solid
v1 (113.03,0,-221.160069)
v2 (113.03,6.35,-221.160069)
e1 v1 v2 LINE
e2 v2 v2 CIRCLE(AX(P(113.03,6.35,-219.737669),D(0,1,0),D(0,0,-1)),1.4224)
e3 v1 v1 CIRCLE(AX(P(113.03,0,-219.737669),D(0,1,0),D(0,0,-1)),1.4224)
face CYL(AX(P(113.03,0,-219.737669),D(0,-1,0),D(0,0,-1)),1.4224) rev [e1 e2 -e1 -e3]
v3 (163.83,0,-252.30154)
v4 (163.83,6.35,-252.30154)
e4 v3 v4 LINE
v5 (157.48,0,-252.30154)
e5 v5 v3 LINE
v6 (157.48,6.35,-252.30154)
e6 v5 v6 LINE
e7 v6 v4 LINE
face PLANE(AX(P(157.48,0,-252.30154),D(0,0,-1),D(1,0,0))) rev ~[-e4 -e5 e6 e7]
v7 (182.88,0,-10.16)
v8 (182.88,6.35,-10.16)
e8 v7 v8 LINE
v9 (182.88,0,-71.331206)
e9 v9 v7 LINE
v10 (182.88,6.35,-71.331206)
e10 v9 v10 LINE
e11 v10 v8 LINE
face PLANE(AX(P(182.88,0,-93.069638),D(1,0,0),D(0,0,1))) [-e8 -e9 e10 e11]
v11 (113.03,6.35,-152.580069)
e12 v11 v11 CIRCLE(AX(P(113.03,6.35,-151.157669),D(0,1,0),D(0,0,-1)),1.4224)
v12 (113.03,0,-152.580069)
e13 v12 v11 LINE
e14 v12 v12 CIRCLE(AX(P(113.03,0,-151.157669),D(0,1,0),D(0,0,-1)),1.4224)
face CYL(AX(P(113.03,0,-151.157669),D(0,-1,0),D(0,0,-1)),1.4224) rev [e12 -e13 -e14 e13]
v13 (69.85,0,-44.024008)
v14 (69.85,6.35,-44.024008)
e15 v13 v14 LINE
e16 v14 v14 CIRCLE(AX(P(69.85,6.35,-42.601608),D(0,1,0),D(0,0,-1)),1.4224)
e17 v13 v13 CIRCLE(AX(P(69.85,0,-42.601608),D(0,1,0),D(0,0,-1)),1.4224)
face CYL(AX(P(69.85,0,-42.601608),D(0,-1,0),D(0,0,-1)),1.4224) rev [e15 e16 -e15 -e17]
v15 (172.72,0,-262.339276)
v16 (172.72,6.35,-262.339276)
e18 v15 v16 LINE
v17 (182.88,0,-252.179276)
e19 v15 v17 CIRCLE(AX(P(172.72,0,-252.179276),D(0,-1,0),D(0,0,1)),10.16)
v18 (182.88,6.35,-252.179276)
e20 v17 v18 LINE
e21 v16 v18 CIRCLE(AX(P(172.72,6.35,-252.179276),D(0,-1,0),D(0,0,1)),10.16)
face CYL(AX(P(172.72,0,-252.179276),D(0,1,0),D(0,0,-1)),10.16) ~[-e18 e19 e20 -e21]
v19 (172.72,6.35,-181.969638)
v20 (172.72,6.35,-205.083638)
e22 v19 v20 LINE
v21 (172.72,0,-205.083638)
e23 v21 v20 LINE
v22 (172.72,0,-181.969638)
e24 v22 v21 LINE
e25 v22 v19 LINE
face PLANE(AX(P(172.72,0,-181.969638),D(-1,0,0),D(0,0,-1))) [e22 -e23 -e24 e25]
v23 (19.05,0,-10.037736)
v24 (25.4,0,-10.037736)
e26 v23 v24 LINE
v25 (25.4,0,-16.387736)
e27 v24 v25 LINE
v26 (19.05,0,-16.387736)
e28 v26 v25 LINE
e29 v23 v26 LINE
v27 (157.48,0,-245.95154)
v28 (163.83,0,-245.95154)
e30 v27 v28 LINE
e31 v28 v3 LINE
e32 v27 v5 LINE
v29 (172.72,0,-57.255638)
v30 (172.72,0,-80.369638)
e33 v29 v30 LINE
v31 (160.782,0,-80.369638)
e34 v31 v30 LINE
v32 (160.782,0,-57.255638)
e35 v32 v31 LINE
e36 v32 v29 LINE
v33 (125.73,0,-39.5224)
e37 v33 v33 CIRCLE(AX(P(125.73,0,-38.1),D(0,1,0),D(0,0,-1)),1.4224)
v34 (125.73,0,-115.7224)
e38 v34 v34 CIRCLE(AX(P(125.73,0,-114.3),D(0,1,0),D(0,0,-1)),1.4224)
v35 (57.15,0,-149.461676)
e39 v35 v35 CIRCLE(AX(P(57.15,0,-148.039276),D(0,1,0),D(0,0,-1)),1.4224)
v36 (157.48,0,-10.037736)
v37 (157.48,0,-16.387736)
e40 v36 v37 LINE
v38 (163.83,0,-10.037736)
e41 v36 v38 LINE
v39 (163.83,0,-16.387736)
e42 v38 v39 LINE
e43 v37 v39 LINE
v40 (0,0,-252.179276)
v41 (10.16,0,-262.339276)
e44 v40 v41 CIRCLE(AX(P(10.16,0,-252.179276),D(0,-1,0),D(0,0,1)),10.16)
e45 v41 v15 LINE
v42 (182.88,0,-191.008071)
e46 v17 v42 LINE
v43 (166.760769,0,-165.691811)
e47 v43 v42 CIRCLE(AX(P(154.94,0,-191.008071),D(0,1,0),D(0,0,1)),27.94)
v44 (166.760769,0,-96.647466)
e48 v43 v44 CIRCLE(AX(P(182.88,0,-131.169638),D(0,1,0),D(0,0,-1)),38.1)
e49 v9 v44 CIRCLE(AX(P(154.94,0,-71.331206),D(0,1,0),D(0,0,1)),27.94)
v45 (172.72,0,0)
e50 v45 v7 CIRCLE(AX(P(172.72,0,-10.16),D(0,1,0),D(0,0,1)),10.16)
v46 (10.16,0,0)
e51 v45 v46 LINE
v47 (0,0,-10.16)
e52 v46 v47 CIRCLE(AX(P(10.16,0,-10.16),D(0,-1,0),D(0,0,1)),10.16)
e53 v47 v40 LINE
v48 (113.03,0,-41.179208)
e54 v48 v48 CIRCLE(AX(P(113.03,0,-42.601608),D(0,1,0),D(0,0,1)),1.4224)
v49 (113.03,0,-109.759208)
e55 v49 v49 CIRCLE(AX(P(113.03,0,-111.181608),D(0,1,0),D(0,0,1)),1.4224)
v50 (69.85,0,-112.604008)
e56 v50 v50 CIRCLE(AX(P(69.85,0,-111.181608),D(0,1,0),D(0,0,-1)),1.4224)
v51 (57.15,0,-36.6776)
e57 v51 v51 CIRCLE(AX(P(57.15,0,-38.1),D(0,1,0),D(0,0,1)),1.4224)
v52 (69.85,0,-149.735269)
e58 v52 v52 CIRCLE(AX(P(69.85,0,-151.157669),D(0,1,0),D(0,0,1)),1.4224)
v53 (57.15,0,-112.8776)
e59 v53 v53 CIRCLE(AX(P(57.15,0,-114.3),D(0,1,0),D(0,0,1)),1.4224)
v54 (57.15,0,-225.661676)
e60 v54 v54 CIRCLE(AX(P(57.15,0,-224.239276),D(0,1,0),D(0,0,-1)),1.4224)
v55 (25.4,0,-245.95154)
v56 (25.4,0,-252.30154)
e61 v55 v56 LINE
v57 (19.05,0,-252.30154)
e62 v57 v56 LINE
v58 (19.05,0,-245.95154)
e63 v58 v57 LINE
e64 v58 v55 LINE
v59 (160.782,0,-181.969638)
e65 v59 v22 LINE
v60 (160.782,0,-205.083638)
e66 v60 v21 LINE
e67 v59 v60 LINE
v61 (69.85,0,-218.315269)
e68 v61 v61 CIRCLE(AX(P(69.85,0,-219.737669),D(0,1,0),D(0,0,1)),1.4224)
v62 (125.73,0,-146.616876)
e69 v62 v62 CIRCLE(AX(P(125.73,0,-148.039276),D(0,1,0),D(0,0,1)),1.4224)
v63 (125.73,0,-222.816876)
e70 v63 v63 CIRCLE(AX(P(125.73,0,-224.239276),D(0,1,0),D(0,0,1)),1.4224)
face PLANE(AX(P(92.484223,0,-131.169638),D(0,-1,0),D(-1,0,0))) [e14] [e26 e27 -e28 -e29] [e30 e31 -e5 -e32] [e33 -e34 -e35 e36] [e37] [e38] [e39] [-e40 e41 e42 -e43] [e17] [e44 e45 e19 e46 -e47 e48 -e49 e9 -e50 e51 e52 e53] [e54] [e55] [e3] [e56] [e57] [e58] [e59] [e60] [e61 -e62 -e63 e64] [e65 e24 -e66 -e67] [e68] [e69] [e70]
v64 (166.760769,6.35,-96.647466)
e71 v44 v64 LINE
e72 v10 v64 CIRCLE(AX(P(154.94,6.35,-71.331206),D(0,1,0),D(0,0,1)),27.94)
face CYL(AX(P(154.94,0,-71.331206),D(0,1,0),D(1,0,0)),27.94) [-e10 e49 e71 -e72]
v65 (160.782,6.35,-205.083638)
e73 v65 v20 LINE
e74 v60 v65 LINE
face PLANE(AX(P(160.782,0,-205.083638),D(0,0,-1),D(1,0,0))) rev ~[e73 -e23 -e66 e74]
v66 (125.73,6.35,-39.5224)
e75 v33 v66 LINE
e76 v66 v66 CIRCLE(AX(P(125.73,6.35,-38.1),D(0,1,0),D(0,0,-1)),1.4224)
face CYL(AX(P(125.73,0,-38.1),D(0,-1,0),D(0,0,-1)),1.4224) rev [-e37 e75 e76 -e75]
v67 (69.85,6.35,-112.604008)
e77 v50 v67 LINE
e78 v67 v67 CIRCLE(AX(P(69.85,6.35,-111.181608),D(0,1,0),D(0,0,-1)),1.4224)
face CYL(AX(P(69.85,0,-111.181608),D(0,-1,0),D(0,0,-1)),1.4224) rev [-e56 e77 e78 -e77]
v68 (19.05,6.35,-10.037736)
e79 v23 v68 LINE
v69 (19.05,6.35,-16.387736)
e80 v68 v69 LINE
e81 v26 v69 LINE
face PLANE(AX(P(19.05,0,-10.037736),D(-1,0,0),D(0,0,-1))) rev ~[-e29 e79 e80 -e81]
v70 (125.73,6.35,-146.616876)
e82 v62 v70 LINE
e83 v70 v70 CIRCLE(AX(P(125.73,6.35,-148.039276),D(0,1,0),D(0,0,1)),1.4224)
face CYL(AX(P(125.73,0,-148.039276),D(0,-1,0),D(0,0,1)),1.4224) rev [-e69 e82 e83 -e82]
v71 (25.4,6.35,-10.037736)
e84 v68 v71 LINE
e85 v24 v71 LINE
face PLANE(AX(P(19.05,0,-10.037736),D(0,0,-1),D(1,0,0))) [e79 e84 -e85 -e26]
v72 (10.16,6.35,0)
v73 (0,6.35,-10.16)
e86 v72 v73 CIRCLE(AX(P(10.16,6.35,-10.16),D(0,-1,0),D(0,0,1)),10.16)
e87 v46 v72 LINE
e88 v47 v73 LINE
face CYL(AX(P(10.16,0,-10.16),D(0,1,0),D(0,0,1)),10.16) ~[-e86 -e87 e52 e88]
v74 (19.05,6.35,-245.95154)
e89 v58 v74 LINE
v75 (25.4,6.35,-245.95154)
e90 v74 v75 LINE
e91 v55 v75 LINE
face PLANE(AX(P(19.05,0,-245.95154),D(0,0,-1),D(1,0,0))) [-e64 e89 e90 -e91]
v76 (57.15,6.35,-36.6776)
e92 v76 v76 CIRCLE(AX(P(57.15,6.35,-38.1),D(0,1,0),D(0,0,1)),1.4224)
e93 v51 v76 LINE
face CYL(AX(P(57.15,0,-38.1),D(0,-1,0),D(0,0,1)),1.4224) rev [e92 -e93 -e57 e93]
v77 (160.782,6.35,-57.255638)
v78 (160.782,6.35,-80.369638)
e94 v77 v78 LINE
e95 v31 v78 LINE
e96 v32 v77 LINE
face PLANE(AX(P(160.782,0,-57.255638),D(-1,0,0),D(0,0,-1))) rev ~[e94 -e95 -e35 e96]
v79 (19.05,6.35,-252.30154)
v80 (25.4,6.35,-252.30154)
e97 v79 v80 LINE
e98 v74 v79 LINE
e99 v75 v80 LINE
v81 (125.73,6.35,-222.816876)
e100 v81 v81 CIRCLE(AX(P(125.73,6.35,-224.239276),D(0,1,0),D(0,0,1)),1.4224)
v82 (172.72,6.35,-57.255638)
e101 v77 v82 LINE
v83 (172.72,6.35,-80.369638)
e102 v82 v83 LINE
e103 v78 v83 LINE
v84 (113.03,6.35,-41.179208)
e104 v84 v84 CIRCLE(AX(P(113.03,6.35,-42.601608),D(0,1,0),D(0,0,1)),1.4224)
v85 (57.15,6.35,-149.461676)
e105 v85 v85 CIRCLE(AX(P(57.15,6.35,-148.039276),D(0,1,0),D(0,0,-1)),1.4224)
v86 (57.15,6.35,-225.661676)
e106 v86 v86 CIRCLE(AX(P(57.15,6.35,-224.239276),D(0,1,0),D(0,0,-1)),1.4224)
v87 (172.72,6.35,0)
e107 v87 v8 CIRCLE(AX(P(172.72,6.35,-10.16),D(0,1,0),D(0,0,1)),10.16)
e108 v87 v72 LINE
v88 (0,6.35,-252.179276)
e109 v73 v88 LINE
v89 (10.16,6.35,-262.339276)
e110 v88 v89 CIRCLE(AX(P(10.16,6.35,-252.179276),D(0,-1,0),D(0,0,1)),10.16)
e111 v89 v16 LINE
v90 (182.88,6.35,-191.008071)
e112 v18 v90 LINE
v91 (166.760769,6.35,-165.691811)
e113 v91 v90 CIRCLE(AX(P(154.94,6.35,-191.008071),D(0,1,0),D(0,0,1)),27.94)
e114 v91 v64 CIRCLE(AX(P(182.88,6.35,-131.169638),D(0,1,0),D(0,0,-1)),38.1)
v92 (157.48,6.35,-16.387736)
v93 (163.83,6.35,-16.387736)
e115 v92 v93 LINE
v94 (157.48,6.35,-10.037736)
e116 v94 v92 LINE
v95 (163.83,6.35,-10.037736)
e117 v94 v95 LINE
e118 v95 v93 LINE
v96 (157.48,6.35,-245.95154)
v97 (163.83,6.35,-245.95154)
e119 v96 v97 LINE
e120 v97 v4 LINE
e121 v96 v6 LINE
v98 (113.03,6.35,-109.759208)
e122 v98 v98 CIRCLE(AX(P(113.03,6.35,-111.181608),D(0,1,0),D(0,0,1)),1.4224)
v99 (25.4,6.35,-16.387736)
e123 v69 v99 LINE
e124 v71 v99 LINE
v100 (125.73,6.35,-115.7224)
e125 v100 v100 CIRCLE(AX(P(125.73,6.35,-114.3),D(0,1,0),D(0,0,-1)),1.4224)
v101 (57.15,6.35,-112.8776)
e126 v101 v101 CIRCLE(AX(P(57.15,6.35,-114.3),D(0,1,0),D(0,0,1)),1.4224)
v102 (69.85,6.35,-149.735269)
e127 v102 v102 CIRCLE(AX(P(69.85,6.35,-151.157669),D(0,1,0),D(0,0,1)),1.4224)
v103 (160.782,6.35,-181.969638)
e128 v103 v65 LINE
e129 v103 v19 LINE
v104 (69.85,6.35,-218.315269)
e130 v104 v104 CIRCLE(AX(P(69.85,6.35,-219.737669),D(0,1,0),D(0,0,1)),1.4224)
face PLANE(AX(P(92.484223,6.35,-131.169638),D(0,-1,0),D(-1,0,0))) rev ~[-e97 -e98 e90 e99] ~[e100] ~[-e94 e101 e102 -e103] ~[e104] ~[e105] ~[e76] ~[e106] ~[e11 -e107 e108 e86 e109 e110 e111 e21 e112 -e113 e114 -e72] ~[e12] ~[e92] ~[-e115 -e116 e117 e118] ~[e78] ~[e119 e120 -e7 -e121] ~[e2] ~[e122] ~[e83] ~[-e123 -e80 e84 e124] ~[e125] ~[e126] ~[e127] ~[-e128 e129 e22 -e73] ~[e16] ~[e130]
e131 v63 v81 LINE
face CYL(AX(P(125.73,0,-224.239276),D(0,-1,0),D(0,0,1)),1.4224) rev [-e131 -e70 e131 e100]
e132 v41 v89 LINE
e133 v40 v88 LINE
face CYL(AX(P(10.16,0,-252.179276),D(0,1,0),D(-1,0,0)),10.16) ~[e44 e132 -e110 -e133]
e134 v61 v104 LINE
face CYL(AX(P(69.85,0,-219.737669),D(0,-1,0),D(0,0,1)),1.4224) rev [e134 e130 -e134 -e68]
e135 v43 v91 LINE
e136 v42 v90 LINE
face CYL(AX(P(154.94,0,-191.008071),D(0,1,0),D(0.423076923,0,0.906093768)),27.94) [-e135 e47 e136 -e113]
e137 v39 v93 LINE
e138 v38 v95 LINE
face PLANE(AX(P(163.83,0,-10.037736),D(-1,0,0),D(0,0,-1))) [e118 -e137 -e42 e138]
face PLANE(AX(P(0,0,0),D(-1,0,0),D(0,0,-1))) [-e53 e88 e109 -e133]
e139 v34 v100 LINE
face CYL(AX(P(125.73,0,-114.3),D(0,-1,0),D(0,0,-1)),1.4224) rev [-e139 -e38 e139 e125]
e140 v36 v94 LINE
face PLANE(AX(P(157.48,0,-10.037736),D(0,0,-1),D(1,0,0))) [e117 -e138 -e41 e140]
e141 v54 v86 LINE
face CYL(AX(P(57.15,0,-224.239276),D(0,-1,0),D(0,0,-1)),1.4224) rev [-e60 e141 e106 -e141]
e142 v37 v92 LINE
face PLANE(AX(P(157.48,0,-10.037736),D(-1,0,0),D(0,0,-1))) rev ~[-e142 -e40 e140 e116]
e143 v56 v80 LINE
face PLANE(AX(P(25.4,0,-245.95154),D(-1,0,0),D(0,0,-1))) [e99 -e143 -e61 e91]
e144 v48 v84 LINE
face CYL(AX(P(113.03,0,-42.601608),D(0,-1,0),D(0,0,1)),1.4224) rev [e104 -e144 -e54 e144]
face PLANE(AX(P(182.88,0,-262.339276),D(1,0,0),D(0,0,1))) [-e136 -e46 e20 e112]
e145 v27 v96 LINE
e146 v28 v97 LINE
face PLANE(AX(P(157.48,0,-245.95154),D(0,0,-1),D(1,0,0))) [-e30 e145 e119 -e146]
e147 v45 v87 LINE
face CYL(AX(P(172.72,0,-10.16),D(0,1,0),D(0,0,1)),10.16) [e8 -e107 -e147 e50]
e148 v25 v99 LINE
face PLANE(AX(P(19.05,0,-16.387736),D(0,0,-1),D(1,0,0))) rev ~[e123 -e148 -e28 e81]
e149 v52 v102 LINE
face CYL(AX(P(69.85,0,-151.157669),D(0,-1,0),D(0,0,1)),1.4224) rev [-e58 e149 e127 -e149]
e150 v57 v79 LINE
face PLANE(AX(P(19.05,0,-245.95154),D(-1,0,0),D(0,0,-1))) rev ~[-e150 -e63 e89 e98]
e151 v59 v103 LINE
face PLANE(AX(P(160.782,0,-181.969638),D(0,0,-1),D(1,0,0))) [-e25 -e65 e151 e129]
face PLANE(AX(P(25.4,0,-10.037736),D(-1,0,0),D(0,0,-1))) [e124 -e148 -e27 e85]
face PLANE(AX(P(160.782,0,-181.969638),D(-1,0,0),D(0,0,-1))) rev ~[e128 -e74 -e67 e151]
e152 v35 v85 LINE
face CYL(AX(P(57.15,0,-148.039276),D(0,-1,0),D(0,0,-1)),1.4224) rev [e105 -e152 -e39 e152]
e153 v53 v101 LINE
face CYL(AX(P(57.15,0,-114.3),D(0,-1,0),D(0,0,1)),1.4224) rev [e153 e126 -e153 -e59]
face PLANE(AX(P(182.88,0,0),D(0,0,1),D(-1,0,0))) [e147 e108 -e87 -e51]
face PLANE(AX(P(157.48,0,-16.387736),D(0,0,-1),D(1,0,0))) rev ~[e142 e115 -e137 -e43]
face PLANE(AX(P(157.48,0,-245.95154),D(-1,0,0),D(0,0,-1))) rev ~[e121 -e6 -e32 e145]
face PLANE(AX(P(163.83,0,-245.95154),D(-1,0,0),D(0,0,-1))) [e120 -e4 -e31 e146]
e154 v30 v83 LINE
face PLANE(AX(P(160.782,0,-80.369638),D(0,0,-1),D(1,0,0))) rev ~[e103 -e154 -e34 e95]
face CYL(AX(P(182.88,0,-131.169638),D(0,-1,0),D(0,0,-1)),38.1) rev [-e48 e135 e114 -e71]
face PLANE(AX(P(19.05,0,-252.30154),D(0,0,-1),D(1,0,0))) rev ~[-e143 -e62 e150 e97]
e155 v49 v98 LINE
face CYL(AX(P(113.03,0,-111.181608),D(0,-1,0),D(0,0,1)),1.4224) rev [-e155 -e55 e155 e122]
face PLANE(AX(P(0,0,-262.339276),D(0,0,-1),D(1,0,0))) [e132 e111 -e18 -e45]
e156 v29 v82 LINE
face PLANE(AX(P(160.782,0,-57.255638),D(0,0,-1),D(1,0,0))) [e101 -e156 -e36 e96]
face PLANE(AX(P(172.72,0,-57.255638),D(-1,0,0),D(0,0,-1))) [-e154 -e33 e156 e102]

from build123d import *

# Parameters (mm, degrees)
SKETCH3_R           = 1.4224
SKETCH3_W           = 6.35
SKETCH3_H           = 6.35
SKETCH3_W_2         = 11.938
SKETCH3_H_2         = 23.114
BOSS_EXTRUDE1_DEPTH = 6.35
FILLET1_R           = 10.16
FILLET2_R           = 27.94


with BuildPart() as part:
    # Sketch3 → Boss-Extrude1 (new body)
    with BuildSketch(Plane(origin=(0, 0, 0), x_dir=(1, 0, 0), z_dir=(0, 1, 0))):
        with BuildLine():
            Line((182.88, 0), (0, 0))
            Line((0, 0), (0, 262.339276313))
            Line((0, 262.339276313), (182.88, 262.339276313))
            Line((182.88, 262.339276313), (182.88, 169.269638157))
            ThreePointArc((182.88, 169.269638157), (144.78, 131.169638157), (182.88, 93.069638157))
            Line((182.88, 93.069638157), (182.88, 0))
        make_face()
        with Locations(Location((57.15, 38.1, 0), (0, 0, 270))):
            Circle(SKETCH3_R, mode=Mode.SUBTRACT)
        with Locations(Location((57.15, 114.3, 0), (0, 0, 270))):
            Circle(SKETCH3_R, mode=Mode.SUBTRACT)
        with Locations(Location((125.73, 114.3, 0), (0, 0, 90))):
            Circle(SKETCH3_R, mode=Mode.SUBTRACT)
        with Locations(Location((125.73, 38.1, 0), (0, 0, 90))):
            Circle(SKETCH3_R, mode=Mode.SUBTRACT)
        with Locations(Location((69.85, 151.157668748, 0), (0, 0, 270))):
            Circle(SKETCH3_R, mode=Mode.SUBTRACT)
        with Locations(Location((69.85, 219.737668748, 0), (0, 0, 270))):
            Circle(SKETCH3_R, mode=Mode.SUBTRACT)
        with Locations(Location((113.03, 151.157668748, 0), (0, 0, 90))):
            Circle(SKETCH3_R, mode=Mode.SUBTRACT)
        with Locations(Location((113.03, 219.737668748, 0), (0, 0, 90))):
            Circle(SKETCH3_R, mode=Mode.SUBTRACT)
        with Locations(Location((113.03, 42.601607565, 0), (0, 0, 270))):
            Circle(SKETCH3_R, mode=Mode.SUBTRACT)
        with Locations(Location((113.03, 111.181607565, 0), (0, 0, 270))):
            Circle(SKETCH3_R, mode=Mode.SUBTRACT)
        with Locations(Location((69.85, 111.181607565, 0), (0, 0, 90))):
            Circle(SKETCH3_R, mode=Mode.SUBTRACT)
        with Locations(Location((69.85, 42.601607565, 0), (0, 0, 90))):
            Circle(SKETCH3_R, mode=Mode.SUBTRACT)
        with Locations(Location((125.73, 148.039276313, 0), (0, 0, 270))):
            Circle(SKETCH3_R, mode=Mode.SUBTRACT)
        with Locations(Location((125.73, 224.239276313, 0), (0, 0, 270))):
            Circle(SKETCH3_R, mode=Mode.SUBTRACT)
        with Locations(Location((57.15, 224.239276313, 0), (0, 0, 90))):
            Circle(SKETCH3_R, mode=Mode.SUBTRACT)
        with Locations(Location((57.15, 148.039276313, 0), (0, 0, 90))):
            Circle(SKETCH3_R, mode=Mode.SUBTRACT)
        with Locations((22.225, 13.212735966)):
            Rectangle(SKETCH3_W, SKETCH3_H, mode=Mode.SUBTRACT)
        with Locations((160.655, 13.212735966)):
            Rectangle(SKETCH3_W, SKETCH3_H, mode=Mode.SUBTRACT)
        with Locations((160.655, 249.126540348)):
            Rectangle(SKETCH3_W, SKETCH3_H, mode=Mode.SUBTRACT)
        with Locations((22.225, 249.126540348)):
            Rectangle(SKETCH3_W, SKETCH3_H, mode=Mode.SUBTRACT)
        with Locations((166.751, 193.526638157)):
            Rectangle(SKETCH3_W_2, SKETCH3_H_2, mode=Mode.SUBTRACT)
        with Locations((166.751, 68.812638157)):
            Rectangle(SKETCH3_W_2, SKETCH3_H_2, mode=Mode.SUBTRACT)
    extrude(amount=BOSS_EXTRUDE1_DEPTH)

    # Fillet1
    fillet1_edges = [part.edges().sort_by_distance(p)[0] for p in [
        (0, 3.175, -262.339276313),
        (182.88, 3.175, -262.339276313),
        (182.88, 3.175, 0),
        (0, 3.175, 0),
    ]]
    fillet(fillet1_edges, radius=FILLET1_R)

    # Fillet2
    fillet2_edges = [part.edges().sort_by_distance(p)[0] for p in [
        (182.88, 3.175, -169.269638157),
        (182.88, 3.175, -93.069638157),
    ]]
    fillet(fillet2_edges, radius=FILLET2_R)


solid = part.part
